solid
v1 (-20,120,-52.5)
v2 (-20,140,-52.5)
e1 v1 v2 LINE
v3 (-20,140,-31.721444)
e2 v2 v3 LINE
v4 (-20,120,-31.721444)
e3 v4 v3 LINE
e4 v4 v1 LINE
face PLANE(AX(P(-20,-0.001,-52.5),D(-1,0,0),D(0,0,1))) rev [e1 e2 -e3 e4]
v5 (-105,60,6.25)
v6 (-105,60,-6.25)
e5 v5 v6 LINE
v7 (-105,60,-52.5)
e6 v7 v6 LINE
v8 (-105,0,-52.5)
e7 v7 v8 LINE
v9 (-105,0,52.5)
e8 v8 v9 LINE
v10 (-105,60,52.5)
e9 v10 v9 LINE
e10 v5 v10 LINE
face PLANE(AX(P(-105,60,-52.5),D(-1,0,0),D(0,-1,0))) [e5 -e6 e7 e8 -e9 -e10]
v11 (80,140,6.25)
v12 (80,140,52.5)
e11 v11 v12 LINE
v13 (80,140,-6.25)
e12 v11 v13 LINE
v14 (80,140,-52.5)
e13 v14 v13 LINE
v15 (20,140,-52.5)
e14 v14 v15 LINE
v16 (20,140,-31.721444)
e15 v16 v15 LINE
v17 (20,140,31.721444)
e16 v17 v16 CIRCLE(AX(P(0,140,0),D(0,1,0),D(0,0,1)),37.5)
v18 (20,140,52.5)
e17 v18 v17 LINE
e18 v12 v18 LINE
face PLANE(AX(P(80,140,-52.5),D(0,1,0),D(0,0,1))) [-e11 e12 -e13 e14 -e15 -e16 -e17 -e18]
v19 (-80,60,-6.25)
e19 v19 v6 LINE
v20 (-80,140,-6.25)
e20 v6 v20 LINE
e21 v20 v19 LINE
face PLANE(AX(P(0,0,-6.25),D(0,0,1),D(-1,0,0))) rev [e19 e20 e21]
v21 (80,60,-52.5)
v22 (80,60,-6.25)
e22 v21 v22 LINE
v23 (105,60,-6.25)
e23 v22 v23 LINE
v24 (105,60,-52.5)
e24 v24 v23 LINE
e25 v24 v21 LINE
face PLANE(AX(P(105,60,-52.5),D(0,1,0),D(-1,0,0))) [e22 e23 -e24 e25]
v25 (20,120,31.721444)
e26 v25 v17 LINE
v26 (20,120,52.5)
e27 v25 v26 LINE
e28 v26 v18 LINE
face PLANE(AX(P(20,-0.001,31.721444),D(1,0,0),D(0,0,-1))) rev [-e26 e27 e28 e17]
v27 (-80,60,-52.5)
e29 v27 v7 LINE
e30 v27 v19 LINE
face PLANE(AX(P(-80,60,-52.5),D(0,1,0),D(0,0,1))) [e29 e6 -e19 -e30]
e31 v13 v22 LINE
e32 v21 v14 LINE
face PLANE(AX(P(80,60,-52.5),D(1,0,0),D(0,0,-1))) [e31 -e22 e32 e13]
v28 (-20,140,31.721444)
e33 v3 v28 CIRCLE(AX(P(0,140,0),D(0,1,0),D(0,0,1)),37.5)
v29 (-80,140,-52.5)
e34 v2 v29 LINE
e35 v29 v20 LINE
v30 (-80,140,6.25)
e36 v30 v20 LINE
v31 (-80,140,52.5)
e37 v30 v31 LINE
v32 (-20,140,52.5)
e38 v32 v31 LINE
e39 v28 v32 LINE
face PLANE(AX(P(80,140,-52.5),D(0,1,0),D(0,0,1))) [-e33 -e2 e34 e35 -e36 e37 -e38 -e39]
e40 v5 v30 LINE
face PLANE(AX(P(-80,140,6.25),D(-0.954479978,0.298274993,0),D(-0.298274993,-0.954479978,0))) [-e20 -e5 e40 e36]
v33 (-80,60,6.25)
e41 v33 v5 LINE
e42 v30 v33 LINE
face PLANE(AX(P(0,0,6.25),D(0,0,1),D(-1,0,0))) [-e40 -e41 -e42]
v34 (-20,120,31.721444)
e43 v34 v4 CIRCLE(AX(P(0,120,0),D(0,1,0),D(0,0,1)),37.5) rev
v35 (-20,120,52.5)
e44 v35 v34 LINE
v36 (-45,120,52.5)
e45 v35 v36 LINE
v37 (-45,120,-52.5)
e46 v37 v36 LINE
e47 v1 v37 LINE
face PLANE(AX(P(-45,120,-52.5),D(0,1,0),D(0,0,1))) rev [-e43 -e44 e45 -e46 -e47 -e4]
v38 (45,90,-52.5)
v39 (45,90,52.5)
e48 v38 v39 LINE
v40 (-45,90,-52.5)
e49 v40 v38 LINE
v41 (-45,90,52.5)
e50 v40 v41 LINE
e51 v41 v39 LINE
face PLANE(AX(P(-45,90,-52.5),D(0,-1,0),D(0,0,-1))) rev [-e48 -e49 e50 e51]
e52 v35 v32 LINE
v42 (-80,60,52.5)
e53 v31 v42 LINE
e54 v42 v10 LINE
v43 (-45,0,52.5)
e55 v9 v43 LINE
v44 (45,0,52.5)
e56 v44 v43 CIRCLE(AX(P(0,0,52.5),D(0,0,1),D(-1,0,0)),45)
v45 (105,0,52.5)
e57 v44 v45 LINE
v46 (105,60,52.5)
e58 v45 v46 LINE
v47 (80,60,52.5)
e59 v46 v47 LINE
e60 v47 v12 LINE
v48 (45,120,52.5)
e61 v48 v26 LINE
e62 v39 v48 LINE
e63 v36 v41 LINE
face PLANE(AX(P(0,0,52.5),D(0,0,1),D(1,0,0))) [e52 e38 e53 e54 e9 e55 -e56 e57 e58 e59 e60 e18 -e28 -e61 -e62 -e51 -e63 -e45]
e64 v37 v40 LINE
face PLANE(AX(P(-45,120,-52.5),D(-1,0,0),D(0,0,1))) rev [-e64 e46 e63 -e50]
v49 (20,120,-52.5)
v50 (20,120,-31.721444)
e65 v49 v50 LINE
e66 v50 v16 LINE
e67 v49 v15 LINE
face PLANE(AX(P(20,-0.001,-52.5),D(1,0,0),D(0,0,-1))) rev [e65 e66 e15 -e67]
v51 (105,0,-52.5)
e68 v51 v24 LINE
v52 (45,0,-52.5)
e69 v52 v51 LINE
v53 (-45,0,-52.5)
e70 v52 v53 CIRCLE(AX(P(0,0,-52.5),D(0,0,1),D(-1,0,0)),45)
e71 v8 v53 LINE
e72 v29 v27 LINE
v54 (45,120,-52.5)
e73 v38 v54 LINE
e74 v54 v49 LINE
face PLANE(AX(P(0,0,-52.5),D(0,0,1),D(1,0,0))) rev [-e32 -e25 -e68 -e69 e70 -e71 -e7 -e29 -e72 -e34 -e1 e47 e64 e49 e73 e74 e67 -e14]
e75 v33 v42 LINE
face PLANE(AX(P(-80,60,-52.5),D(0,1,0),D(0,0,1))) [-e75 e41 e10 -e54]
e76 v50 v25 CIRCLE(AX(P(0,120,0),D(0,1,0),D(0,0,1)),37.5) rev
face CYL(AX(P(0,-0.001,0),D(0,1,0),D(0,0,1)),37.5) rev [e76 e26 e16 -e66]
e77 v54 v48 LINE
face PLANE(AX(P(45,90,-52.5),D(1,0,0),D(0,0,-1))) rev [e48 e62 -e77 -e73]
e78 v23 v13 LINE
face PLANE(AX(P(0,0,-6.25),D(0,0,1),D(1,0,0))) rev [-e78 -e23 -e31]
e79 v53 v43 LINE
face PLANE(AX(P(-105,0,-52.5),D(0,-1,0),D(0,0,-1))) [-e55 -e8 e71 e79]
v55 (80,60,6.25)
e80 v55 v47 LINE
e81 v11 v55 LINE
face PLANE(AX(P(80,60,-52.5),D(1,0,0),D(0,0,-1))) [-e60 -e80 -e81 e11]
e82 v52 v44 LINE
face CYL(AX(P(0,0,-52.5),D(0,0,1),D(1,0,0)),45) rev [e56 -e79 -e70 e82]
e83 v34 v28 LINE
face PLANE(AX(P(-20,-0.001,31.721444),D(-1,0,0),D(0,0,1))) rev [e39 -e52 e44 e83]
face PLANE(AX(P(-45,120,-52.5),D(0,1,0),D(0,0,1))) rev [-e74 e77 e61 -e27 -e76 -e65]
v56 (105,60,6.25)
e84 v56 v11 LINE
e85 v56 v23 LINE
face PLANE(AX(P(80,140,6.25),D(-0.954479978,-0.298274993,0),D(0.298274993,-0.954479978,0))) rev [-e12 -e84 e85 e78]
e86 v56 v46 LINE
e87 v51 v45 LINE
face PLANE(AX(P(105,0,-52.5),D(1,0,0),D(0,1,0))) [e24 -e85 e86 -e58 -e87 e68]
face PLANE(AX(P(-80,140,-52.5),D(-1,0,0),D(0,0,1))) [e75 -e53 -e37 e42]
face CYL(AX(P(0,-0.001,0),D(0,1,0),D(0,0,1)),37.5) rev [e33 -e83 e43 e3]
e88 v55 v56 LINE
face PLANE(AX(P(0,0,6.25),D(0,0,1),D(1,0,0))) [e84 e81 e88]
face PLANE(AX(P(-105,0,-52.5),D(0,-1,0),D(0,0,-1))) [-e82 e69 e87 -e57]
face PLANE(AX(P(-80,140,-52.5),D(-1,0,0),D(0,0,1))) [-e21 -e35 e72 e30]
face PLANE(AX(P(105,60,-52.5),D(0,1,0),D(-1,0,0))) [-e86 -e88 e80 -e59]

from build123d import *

# Parameters (mm, degrees)
BOSS_EXTRUDE1_DEPTH      = 52.5
BOSS_EXTRUDE1_DEPTH_BACK = 52.5
CUT_EXTRUDE1_DEPTH       = 205.08331632
SKETCH3_W                = 90
SKETCH3_H                = 30
CUT_EXTRUDE2_DEPTH       = 205.08331632
CUT_EXTRUDE3_REACH       = 184.705
BOSS_EXTRUDE2_DEPTH      = 6.25


with BuildPart() as part:
    # Sketch1 → Boss-Extrude1 (new, two sides: drawn at the far end of the back side and taken through both)
    with BuildSketch(Plane.XY.offset(-BOSS_EXTRUDE1_DEPTH_BACK)):
        Polygon((-105, 0), (105, 0), (105, 60), (80, 60), (80, 140), (-80, 140), (-80, 60), (-105, 60), align=None)
    extrude(amount=BOSS_EXTRUDE1_DEPTH + BOSS_EXTRUDE1_DEPTH_BACK)

    # Sketch2 → Cut-Extrude1 (cut, through all)
    with BuildSketch(Plane.XY.offset(52.5)):
        with BuildLine():
            Line((-45, 0), (45, 0))
            ThreePointArc((45, 0), (0, 45), (-45, 0))
        make_face()
    extrude(amount=-CUT_EXTRUDE1_DEPTH, mode=Mode.SUBTRACT)

    # Sketch3 → Cut-Extrude2 (cut, through all)
    with BuildSketch(Plane.XY.offset(52.5)):
        with Locations((0, 105)):
            Rectangle(SKETCH3_W, SKETCH3_H)
    extrude(amount=-CUT_EXTRUDE2_DEPTH, mode=Mode.SUBTRACT)

    # Sketch5 → Cut-Extrude3 (cut, up to next)
    with BuildSketch(Plane(origin=(0, 140, 0), x_dir=(1, 0, 0), z_dir=(0, 1, 0)), mode=Mode.PRIVATE) as cut_extrude3_sk1:
        with BuildLine():
            Line((-20, 52.5), (-20, 31.721443851))
            ThreePointArc((-20, 31.721443851), (-37.5, 0), (-20, -31.721443851))
            Line((-20, -31.721443851), (-20, -52.5))
            Line((-20, -52.5), (20, -52.5))
            Line((20, -52.5), (20, -31.721443851))
            ThreePointArc((20, -31.721443851), (37.5, 0), (20, 31.721443851))
            Line((20, 31.721443851), (20, 52.5))
            Line((20, 52.5), (-20, 52.5))
        make_face()
    cut_extrude3_tool1 = extrude(cut_extrude3_sk1.sketch, amount=-CUT_EXTRUDE3_REACH, mode=Mode.PRIVATE) & part.part
    add(cut_extrude3_tool1.solids().sort_by_distance((0, 140, 0))[0], mode=Mode.SUBTRACT)

    # Sketch6 → Boss-Extrude2 (add, symmetric)
    with BuildSketch(Plane.XY):
        Polygon((80, 140), (105, 60), (80, 60), align=None)
    boss_extrude2 = extrude(amount=BOSS_EXTRUDE2_DEPTH, both=True)

    # Mirror1: Boss-Extrude2 across plane
    add(boss_extrude2.mirror(Plane(origin=(0, 0, 0), x_dir=(0, 0, 1), z_dir=(1, 0, 0))))


solid = part.part
